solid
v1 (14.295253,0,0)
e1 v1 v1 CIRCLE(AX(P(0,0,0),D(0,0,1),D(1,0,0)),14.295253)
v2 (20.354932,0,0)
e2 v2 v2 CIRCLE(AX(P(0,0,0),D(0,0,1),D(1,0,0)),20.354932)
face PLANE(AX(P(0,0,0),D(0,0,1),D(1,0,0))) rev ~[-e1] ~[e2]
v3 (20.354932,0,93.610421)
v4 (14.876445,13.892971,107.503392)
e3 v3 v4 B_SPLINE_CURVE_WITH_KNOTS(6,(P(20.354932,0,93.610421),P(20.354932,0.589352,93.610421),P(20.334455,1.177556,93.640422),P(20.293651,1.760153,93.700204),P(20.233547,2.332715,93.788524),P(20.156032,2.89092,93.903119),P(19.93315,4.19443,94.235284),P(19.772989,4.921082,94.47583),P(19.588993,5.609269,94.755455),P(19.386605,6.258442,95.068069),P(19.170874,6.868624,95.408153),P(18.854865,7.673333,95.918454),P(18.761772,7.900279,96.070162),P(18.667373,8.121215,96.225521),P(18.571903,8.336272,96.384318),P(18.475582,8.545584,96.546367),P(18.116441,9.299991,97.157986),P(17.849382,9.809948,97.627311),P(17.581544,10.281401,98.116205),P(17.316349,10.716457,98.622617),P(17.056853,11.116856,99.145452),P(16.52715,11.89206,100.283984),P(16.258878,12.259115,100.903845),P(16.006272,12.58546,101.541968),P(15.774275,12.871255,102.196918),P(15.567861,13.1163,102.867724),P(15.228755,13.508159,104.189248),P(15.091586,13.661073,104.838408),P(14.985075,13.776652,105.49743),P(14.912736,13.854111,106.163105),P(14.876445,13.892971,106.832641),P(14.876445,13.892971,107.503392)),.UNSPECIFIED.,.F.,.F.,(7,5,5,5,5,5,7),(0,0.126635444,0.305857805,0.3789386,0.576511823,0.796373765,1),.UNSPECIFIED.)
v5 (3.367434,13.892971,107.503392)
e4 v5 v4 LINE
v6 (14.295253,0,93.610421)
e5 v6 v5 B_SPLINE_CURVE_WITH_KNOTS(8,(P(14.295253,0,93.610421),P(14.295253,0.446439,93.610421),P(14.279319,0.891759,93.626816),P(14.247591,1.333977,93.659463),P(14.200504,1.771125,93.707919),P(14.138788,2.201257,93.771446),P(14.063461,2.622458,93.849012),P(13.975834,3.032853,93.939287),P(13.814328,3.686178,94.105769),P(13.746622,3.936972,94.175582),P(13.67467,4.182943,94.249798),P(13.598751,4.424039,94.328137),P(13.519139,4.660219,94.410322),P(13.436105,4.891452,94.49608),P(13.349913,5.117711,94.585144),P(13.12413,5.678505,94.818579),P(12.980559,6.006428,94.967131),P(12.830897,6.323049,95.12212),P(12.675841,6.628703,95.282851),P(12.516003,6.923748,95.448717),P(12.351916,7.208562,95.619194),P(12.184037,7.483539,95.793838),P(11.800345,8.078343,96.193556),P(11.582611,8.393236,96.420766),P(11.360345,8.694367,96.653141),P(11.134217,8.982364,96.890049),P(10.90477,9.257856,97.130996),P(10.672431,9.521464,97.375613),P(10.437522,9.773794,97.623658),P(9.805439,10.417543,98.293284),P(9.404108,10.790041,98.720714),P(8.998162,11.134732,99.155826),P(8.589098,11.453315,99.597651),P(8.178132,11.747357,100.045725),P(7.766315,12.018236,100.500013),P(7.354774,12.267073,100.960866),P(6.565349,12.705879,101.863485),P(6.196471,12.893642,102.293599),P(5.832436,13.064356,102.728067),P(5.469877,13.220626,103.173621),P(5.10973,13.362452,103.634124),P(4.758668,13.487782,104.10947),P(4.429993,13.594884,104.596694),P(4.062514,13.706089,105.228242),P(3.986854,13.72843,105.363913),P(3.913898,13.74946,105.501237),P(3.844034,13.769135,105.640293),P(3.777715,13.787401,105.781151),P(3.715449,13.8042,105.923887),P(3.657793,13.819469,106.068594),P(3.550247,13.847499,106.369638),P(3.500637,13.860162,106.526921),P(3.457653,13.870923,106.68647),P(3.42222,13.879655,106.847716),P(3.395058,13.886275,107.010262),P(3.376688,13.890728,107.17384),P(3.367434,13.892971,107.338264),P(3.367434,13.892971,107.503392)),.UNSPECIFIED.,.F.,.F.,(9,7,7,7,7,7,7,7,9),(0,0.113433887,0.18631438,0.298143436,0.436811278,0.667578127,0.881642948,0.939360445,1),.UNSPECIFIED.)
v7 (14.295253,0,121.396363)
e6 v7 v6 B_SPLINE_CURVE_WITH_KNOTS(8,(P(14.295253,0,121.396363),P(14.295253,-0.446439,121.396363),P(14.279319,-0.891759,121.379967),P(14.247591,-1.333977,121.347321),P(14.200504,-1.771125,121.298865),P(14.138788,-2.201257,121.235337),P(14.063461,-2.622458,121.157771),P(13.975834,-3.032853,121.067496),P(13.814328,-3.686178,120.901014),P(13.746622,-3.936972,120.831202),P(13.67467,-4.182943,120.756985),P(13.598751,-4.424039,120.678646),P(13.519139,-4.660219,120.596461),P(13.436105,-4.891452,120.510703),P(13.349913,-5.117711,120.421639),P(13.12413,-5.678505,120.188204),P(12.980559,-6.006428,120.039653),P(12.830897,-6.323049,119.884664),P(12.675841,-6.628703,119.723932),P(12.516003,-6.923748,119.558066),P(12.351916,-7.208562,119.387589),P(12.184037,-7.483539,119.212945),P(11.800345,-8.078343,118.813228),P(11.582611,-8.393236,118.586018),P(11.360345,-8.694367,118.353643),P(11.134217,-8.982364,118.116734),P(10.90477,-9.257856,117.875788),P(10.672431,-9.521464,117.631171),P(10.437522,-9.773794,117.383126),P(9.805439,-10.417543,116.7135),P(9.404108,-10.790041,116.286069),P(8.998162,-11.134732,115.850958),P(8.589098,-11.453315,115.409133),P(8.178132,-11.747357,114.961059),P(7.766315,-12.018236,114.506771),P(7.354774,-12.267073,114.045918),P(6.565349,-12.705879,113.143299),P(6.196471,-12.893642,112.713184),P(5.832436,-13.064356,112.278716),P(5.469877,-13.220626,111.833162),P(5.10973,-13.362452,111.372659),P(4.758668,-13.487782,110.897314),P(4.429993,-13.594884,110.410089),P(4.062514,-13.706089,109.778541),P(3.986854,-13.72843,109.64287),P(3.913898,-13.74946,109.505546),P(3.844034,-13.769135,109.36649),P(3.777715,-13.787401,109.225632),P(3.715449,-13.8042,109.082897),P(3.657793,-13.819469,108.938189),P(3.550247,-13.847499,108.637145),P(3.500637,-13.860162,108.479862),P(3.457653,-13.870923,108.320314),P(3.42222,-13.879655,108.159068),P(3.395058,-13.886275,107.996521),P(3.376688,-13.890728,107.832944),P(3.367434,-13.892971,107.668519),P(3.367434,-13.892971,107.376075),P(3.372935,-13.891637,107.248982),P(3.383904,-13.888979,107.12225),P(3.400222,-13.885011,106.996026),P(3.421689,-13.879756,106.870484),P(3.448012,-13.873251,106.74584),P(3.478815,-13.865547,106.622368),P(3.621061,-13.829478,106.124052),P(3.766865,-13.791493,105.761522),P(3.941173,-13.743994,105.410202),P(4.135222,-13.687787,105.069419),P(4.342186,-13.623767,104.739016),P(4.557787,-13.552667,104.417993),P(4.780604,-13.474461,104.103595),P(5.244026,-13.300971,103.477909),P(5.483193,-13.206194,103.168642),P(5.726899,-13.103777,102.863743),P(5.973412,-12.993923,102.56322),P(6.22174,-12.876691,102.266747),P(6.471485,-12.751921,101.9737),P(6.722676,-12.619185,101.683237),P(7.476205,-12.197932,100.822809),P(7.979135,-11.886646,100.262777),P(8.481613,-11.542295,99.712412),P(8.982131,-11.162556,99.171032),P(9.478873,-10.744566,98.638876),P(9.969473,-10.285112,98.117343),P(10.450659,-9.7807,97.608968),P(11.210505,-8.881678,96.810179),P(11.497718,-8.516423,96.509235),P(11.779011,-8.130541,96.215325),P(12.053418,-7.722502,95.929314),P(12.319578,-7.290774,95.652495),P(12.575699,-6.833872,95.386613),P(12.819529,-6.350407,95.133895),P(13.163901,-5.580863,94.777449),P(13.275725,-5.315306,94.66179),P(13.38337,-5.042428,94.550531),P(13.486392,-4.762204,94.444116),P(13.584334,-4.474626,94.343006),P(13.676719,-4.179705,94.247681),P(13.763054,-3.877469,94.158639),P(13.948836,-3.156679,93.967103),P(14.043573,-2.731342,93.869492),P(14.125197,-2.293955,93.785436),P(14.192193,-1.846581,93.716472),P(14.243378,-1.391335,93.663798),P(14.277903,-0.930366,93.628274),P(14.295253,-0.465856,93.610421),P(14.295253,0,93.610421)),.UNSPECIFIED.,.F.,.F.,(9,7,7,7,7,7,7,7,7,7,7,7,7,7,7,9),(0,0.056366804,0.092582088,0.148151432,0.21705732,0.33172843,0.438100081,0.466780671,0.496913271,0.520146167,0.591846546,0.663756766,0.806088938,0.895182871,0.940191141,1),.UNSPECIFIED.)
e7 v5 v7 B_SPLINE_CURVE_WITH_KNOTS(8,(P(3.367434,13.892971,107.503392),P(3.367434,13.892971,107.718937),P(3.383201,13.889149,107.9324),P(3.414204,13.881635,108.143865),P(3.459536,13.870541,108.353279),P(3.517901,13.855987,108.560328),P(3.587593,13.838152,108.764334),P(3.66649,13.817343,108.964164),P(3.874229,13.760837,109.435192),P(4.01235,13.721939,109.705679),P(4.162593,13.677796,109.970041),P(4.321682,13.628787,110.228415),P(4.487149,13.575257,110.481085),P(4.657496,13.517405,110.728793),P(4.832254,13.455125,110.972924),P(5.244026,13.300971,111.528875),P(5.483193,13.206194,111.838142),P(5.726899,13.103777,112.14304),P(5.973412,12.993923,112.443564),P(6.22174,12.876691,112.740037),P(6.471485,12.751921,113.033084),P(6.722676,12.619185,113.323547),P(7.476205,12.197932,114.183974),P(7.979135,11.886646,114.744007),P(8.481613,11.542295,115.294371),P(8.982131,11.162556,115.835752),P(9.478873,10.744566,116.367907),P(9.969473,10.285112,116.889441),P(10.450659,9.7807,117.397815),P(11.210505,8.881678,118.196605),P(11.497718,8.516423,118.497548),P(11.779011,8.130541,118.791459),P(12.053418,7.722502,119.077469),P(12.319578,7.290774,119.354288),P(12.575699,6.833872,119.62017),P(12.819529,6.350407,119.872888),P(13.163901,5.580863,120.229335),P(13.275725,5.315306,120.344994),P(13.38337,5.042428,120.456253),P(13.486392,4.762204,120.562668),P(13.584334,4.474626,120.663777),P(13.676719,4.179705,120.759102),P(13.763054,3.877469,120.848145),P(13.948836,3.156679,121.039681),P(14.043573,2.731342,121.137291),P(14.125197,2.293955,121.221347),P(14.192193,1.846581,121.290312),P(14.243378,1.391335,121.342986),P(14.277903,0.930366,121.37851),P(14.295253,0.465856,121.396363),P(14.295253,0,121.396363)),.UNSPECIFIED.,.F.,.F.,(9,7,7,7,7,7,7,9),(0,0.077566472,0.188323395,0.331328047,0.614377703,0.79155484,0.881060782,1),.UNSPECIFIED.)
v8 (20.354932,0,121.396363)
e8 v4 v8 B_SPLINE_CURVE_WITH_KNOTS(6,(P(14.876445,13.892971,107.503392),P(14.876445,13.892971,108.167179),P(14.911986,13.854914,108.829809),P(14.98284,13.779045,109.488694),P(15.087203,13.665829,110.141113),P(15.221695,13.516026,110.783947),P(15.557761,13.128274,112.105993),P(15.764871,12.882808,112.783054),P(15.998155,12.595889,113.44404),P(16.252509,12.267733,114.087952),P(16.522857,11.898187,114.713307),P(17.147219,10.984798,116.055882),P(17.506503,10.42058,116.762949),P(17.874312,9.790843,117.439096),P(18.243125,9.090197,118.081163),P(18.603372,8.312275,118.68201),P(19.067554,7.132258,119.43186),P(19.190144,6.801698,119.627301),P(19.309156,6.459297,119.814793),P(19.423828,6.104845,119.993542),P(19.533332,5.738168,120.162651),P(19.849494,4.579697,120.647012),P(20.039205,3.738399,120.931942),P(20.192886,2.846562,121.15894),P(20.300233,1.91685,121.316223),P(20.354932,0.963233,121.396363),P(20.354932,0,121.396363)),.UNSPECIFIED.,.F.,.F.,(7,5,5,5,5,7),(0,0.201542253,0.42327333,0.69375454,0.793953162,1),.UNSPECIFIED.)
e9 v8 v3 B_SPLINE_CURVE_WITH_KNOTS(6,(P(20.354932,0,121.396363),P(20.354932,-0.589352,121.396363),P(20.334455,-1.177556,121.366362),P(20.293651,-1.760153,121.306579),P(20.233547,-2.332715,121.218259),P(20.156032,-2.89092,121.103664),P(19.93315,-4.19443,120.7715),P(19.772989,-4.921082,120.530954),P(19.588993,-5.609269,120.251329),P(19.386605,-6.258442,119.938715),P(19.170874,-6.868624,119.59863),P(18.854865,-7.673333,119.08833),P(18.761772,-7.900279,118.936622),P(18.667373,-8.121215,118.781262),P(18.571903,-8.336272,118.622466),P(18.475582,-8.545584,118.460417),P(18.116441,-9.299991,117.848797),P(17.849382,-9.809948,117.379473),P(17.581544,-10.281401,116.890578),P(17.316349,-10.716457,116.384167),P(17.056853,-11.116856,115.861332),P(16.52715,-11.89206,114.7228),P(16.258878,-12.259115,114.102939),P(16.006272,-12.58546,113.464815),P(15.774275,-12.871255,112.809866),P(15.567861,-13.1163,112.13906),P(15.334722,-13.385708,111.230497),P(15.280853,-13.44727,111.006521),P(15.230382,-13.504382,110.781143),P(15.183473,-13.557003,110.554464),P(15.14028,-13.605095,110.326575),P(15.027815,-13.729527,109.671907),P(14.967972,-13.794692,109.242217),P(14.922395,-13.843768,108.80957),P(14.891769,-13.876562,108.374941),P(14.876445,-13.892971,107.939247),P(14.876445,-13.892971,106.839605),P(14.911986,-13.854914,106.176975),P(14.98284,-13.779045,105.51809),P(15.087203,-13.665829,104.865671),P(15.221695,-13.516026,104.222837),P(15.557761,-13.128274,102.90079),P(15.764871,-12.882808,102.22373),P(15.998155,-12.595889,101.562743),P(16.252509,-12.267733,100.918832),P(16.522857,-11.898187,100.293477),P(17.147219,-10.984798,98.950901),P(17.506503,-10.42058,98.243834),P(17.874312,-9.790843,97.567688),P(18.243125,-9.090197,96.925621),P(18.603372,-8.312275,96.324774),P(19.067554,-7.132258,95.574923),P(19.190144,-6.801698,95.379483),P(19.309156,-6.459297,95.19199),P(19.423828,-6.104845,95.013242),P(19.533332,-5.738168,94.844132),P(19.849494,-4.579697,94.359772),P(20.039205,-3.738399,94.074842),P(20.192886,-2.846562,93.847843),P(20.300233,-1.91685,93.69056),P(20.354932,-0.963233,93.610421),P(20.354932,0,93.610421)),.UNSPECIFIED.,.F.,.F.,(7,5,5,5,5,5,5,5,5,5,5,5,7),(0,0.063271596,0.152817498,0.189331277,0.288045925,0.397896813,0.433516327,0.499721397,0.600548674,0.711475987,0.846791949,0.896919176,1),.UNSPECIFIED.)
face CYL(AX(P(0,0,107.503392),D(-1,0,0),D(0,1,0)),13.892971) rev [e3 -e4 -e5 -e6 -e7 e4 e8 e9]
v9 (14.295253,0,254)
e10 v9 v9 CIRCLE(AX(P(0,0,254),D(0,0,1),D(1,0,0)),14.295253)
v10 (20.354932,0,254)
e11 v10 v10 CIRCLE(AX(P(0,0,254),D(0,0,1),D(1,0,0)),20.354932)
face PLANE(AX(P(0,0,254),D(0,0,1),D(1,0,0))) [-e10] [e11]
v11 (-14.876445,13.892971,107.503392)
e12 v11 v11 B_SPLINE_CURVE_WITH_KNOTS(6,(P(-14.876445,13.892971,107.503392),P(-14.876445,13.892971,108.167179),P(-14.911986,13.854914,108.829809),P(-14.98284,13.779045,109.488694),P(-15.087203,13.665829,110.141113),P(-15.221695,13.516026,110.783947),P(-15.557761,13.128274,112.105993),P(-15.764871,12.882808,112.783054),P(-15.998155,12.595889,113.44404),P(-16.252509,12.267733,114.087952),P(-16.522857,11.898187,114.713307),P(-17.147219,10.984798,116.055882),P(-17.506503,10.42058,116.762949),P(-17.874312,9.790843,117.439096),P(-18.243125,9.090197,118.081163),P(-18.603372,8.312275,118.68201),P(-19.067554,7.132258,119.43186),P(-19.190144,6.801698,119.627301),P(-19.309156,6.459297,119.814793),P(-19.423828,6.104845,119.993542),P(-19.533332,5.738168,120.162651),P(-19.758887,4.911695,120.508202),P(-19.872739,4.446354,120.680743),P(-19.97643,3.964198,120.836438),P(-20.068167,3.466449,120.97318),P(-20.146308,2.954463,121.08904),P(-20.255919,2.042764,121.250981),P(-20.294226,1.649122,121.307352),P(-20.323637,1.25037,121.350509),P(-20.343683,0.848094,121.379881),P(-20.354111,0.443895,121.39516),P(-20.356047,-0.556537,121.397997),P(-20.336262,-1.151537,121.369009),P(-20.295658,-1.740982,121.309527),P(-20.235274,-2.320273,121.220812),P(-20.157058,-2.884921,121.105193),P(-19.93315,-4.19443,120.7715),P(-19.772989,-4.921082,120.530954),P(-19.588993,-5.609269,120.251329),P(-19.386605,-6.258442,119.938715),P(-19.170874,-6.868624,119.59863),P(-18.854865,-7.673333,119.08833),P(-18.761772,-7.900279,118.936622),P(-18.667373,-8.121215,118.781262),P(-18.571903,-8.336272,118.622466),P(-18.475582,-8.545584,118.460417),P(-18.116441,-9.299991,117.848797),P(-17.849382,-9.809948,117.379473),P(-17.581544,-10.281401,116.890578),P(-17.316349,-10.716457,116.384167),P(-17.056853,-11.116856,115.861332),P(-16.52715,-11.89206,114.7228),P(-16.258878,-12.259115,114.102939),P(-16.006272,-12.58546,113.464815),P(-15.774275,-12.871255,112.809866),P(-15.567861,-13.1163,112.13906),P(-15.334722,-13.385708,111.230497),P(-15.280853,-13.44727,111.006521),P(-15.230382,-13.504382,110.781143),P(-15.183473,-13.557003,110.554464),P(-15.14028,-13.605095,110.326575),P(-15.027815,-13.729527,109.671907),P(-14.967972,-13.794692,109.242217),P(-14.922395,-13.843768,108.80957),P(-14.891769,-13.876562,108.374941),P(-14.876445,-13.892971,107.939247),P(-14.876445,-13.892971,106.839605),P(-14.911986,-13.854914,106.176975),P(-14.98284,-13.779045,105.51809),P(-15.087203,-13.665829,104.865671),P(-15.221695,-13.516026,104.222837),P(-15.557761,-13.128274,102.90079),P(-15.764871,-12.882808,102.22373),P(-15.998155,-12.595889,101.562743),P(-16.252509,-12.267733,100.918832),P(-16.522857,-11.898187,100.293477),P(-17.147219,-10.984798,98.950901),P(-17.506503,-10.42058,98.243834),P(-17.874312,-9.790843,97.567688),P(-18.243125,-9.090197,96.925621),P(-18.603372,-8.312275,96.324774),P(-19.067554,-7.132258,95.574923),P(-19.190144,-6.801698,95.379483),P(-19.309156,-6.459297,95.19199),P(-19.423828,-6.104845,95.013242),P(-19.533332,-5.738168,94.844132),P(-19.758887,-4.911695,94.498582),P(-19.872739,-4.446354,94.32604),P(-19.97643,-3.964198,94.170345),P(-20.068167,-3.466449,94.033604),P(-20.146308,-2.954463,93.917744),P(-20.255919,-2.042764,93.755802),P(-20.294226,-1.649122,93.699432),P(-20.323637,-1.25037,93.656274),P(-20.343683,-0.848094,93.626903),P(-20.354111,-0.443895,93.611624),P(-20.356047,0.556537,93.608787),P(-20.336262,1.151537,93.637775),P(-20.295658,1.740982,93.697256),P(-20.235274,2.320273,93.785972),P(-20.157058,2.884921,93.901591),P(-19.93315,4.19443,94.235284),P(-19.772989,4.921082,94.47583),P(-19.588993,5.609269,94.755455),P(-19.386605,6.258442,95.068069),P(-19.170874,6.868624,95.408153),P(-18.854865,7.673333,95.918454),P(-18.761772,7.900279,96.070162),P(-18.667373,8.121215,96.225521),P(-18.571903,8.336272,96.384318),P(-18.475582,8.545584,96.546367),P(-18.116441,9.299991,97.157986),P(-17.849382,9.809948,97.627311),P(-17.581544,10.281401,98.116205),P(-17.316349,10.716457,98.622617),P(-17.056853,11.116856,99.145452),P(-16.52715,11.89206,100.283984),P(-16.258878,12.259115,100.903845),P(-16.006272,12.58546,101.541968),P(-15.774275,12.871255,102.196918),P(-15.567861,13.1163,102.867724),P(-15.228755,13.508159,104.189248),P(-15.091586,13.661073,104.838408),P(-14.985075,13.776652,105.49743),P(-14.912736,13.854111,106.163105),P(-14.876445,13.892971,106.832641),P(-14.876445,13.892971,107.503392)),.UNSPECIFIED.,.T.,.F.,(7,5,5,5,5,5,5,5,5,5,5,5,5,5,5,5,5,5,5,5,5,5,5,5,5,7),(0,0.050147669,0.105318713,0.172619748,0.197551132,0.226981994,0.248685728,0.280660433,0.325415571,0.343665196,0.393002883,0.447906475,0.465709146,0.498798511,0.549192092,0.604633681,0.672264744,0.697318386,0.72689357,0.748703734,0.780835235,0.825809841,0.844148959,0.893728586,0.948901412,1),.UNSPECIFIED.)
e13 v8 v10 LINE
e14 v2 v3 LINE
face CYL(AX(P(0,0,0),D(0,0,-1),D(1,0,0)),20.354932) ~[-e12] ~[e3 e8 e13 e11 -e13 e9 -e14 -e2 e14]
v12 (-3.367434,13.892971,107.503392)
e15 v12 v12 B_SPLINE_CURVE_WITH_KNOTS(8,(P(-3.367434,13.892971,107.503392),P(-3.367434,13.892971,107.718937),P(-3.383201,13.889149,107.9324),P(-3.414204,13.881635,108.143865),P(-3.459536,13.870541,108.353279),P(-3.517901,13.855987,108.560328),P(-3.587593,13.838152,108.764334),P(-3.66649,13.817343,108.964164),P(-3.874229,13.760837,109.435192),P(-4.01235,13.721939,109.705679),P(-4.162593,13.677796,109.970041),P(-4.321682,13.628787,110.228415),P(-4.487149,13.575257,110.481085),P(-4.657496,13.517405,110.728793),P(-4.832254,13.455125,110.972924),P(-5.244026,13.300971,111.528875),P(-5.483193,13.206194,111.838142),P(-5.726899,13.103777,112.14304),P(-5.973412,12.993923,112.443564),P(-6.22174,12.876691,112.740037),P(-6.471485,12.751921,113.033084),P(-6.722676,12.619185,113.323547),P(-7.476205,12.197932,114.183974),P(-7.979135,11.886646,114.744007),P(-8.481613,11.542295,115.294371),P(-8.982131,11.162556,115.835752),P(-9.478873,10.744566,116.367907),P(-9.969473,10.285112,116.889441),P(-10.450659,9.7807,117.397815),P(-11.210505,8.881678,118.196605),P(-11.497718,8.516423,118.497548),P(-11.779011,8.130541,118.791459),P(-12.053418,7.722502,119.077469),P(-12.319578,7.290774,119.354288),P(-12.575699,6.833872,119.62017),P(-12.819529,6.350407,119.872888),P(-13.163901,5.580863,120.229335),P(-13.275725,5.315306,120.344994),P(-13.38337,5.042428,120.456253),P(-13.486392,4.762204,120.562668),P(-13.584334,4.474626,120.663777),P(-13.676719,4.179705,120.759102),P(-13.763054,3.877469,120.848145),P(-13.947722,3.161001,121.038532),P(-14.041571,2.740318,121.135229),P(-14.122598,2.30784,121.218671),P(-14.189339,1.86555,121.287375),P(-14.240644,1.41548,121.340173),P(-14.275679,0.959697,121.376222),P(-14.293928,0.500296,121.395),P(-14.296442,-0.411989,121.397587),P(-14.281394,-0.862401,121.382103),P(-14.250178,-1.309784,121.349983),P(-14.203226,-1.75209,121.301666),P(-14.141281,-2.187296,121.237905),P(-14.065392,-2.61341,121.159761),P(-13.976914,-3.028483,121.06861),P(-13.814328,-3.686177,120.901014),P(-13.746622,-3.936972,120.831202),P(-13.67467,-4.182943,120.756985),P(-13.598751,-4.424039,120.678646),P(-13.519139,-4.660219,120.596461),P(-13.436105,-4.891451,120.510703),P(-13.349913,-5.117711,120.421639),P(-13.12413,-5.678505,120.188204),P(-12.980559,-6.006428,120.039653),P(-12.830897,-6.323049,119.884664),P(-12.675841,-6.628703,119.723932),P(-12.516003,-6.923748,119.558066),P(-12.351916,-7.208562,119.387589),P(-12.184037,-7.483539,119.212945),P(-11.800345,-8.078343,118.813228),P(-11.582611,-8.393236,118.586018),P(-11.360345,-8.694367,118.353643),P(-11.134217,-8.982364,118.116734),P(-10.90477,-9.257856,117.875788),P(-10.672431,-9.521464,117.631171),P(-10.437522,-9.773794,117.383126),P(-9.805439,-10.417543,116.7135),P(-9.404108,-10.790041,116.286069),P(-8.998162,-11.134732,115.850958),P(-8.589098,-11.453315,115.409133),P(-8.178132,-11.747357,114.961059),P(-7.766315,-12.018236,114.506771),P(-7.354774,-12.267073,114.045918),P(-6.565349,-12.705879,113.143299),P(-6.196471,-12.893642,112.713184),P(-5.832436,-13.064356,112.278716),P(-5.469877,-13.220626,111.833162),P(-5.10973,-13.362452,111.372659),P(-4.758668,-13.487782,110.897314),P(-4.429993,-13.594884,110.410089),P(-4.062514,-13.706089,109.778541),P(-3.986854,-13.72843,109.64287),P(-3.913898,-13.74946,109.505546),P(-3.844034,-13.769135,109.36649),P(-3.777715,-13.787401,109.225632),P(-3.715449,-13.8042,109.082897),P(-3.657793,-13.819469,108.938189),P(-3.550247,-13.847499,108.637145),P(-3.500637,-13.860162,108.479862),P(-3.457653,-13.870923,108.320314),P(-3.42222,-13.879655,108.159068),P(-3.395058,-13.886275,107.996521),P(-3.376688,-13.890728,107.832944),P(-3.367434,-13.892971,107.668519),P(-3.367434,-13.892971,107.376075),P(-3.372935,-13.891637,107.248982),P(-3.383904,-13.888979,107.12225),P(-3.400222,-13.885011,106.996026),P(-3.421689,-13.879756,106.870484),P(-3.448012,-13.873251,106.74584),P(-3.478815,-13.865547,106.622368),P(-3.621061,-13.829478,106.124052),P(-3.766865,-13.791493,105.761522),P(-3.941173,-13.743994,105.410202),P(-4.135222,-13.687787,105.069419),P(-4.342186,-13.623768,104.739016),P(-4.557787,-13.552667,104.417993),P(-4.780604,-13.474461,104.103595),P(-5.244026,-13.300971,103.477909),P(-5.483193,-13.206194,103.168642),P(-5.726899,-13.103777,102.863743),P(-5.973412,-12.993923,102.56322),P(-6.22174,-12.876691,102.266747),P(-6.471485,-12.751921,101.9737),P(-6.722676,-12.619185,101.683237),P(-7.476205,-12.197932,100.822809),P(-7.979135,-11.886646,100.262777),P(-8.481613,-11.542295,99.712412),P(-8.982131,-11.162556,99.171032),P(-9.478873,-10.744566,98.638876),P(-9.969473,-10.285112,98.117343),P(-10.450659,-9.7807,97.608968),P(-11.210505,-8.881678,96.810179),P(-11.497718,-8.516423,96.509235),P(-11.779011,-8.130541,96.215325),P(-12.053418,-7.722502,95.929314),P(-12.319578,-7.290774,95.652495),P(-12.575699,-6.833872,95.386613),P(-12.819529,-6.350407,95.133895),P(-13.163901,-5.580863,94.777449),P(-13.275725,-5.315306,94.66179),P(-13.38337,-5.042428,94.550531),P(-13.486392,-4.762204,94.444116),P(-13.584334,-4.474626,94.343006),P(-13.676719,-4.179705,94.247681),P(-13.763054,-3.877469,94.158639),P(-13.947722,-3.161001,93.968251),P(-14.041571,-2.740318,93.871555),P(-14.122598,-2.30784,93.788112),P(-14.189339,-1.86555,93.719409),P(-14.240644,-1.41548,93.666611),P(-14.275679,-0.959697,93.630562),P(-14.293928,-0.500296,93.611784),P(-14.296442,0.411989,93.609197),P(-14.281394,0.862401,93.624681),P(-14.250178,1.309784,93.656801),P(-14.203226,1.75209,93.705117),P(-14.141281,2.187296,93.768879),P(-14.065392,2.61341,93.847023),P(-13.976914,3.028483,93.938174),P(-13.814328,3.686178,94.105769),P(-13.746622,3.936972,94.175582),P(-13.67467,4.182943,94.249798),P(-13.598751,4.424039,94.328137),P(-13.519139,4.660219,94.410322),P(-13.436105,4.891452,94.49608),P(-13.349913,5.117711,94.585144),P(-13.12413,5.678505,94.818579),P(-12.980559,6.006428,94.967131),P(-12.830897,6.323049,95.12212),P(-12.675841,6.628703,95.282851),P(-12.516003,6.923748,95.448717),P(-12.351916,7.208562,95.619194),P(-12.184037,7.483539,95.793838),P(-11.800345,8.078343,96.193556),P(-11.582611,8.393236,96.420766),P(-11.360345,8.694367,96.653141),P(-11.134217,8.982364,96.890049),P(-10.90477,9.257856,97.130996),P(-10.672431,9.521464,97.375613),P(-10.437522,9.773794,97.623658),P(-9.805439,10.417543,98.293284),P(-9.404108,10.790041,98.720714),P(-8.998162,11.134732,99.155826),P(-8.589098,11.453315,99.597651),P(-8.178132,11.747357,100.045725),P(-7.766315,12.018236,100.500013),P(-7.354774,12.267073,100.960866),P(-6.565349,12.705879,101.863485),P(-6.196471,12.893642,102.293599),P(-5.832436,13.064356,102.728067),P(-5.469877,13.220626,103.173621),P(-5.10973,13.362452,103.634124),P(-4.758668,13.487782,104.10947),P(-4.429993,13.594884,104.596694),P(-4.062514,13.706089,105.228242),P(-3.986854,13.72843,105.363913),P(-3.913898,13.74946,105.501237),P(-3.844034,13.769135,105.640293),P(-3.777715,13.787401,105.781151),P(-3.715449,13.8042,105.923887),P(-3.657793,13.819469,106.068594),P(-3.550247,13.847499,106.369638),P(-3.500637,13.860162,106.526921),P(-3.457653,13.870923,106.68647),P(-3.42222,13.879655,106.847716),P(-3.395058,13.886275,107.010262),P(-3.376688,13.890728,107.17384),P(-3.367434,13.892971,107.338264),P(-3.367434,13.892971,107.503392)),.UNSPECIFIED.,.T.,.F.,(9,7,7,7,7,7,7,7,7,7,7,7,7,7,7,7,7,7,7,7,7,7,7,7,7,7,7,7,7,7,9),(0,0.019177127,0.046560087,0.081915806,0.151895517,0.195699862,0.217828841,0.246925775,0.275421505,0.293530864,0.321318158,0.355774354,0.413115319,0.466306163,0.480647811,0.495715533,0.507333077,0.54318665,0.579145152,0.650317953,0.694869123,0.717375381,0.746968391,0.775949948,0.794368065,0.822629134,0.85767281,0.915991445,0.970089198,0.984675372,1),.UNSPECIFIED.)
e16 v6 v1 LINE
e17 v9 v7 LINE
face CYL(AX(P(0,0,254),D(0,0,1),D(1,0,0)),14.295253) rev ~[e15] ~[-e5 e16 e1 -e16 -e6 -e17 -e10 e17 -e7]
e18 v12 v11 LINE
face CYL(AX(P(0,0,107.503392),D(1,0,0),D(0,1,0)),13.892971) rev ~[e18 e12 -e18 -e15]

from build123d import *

# Parameters (mm, degrees)
F0_R          = 20.3549318645
F1_DEPTH      = 254
F2_R          = 14.2952527041
F3_DEPTH      = 254.001
F4_R          = 13.8929709209
F5_DEPTH      = 20.3559318645
F5_DEPTH_BACK = 25.4


with BuildPart() as f1:
    # F0 (on Top) → F1 (new body)
    with BuildSketch(Plane.XY):
        Circle(F0_R)
    extrude(amount=F1_DEPTH)

    # F2 (on face) → F3 (cut, through all)
    with BuildSketch(Plane.XY.offset(254)):
        Circle(F2_R)
    extrude(amount=-F3_DEPTH, mode=Mode.SUBTRACT)

    # F4 (on Right) → F5 (cut, two sides)
    with BuildSketch(Plane.YZ) as f5_sk:
        with Locations((0, 107.5033918023)):
            Circle(F4_R)
    extrude(amount=-F5_DEPTH, mode=Mode.SUBTRACT)
    extrude(f5_sk.sketch, amount=F5_DEPTH_BACK, mode=Mode.SUBTRACT)


solid = f1.part
